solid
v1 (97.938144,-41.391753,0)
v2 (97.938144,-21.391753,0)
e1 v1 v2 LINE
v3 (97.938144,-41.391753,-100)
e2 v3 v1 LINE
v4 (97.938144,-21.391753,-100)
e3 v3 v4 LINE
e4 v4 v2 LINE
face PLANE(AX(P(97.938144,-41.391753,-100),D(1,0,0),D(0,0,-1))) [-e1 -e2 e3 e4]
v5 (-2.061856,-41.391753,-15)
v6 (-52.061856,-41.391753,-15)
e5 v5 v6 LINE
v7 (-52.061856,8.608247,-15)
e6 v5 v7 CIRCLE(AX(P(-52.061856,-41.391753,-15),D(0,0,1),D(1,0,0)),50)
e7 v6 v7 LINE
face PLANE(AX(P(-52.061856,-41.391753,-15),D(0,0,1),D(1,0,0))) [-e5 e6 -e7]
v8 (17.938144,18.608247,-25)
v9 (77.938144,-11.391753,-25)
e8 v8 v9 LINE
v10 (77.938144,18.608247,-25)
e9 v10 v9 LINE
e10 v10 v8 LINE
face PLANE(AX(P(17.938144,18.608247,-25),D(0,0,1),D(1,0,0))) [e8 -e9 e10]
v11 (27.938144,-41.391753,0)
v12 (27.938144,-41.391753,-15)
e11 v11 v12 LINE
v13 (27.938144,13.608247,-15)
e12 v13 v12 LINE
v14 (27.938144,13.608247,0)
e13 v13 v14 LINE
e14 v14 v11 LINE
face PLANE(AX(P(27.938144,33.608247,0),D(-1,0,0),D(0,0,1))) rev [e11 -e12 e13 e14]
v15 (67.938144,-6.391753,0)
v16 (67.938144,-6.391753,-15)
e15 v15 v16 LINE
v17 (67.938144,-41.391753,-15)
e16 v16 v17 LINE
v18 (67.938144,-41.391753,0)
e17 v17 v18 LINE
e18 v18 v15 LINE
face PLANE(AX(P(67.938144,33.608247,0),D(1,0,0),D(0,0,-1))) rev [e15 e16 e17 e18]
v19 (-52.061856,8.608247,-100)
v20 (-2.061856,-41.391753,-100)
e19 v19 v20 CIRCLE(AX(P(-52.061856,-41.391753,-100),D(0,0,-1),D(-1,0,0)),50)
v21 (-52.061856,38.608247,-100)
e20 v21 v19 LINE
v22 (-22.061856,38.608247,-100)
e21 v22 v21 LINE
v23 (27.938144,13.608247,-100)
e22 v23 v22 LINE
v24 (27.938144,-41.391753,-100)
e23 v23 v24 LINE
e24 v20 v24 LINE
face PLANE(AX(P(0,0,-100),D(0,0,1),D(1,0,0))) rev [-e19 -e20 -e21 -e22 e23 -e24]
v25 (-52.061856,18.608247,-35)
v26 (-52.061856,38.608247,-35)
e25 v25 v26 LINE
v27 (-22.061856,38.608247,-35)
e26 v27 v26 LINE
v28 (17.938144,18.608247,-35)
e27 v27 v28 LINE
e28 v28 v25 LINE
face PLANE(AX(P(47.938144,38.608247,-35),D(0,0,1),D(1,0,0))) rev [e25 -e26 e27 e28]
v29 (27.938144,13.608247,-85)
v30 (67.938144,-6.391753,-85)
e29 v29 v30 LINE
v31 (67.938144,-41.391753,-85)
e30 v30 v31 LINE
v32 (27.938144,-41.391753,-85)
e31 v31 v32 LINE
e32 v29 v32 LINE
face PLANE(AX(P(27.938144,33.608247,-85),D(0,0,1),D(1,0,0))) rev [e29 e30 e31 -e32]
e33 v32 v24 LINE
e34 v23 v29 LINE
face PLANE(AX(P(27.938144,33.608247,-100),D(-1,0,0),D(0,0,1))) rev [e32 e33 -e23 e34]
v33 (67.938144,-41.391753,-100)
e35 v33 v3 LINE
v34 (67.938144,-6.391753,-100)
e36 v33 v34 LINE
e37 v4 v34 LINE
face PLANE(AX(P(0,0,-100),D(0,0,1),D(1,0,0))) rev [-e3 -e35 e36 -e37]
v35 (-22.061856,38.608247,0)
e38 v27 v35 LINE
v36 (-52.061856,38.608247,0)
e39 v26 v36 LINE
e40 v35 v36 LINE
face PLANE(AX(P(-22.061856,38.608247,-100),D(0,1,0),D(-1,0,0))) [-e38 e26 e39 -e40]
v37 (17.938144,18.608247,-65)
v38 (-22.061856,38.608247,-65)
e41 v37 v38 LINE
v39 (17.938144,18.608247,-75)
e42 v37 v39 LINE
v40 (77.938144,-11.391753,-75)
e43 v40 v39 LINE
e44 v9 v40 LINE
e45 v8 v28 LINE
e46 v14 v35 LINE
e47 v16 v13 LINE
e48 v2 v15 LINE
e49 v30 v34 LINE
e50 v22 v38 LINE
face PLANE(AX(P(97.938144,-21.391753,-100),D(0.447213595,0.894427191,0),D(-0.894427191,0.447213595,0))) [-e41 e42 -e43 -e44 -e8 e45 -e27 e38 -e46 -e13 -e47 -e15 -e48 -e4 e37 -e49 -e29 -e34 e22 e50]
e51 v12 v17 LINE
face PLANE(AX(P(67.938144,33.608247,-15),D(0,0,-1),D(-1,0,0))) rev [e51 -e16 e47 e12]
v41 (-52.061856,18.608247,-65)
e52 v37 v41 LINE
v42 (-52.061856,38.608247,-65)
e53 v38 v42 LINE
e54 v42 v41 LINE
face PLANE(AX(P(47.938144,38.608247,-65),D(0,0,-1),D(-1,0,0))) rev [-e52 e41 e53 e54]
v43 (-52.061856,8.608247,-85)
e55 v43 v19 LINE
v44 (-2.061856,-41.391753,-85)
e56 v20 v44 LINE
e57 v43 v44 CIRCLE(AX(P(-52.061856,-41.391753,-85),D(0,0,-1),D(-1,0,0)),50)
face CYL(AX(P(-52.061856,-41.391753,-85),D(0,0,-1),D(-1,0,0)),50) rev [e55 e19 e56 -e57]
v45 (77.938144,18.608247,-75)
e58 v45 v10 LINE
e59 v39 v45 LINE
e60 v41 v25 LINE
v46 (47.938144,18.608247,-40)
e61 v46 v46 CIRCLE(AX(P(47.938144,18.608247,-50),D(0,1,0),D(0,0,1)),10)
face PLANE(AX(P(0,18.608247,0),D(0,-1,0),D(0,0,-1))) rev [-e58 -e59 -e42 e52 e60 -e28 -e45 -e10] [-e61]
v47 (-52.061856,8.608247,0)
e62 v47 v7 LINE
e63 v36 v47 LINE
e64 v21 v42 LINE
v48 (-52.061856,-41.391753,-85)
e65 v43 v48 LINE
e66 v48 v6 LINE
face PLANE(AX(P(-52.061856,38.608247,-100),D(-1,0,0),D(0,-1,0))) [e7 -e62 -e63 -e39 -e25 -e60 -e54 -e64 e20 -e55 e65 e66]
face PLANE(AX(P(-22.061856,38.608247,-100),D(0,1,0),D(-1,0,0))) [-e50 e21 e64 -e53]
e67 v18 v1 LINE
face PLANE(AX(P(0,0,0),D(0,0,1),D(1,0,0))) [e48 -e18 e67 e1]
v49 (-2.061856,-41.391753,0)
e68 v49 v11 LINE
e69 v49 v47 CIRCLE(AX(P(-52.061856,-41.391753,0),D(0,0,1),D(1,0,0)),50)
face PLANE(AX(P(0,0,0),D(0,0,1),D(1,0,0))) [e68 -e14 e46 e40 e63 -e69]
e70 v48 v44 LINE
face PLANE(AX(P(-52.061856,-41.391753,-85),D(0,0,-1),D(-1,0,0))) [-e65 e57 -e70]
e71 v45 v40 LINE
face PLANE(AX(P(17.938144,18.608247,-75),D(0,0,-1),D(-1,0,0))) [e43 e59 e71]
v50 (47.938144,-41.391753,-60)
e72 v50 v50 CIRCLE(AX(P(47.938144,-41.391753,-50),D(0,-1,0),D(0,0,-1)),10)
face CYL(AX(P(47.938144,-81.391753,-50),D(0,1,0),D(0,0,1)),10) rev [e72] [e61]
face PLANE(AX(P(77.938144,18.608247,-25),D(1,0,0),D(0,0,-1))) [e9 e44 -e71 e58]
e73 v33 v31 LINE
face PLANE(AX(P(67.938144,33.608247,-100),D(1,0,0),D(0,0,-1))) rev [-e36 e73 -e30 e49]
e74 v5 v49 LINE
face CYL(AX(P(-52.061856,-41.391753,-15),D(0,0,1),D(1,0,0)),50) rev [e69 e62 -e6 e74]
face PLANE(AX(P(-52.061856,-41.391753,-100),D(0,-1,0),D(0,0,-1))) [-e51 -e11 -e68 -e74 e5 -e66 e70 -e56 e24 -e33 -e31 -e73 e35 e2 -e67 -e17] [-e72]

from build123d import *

# Parameters (mm, degrees)
BOSS_EXTRUDE1_DEPTH = 100
SKETCH2_R           = 50
CUT_EXTRUDE1_DEPTH  = 15
SKETCH3_R           = 50
CUT_EXTRUDE2_DEPTH  = 15
SKETCH4_W           = 40
SKETCH4_H           = 15
CUT_EXTRUDE3_DEPTH  = 75
SKETCH5_W           = 60
SKETCH5_H           = 50
BOSS_EXTRUDE2_DEPTH = 60
SKETCH7_W           = 30
SKETCH7_H           = 20
CUT_EXTRUDE4_DEPTH  = 100
SKETCH8_R           = 10
CUT_EXTRUDE5_DEPTH  = 100


with BuildPart() as part:
    # Sketch1 → Boss-Extrude1 (new body)
    with BuildSketch(Plane.XY):
        Polygon((-52.06185567, 38.608247423), (-52.06185567, -41.391752577), (97.93814433, -41.391752577), (97.93814433, -21.391752577), (-22.06185567, 38.608247423), align=None)
    extrude(amount=-BOSS_EXTRUDE1_DEPTH)

    # Sketch2 → Cut-Extrude1 (cut)
    with BuildSketch(Plane.XY):
        with Locations((-52.06185567, -41.391752577)):
            Circle(SKETCH2_R)
    extrude(amount=-CUT_EXTRUDE1_DEPTH, mode=Mode.SUBTRACT)

    # Sketch3 → Cut-Extrude2 (cut)
    with BuildSketch(Plane(origin=(0, 0, -100), x_dir=(-1, 0, 0), z_dir=(0, 0, -1))):
        with Locations((52.06185567, -41.391752577)):
            Circle(SKETCH3_R)
    extrude(amount=-CUT_EXTRUDE2_DEPTH, mode=Mode.SUBTRACT)

    # Sketch4 → Cut-Extrude3 (cut)
    with BuildSketch(Plane.XZ.offset(41.391752577)):
        with Locations((47.93814433, -7.5)):
            Rectangle(SKETCH4_W, SKETCH4_H)
        with Locations((47.93814433, -92.5)):
            Rectangle(SKETCH4_W, SKETCH4_H)
    extrude(amount=-CUT_EXTRUDE3_DEPTH, mode=Mode.SUBTRACT)

    # Sketch5 → Boss-Extrude2 (add)
    with BuildSketch(Plane.XZ.offset(41.391752577)):
        with Locations((47.93814433, -50)):
            Rectangle(SKETCH5_W, SKETCH5_H)
    extrude(amount=-BOSS_EXTRUDE2_DEPTH)

    # Sketch7 → Cut-Extrude4 (cut)
    with BuildSketch(Plane.ZY.offset(52.06185567)):
        with Locations((-50, 28.608247423)):
            Rectangle(SKETCH7_W, SKETCH7_H)
    extrude(amount=-CUT_EXTRUDE4_DEPTH, mode=Mode.SUBTRACT)

    # Sketch8 → Cut-Extrude5 (cut)
    with BuildSketch(Plane(origin=(0, 18.608247423, 0), x_dir=(1, 0, 0), z_dir=(0, 1, 0))):
        with Locations((47.93814433, 50)):
            Circle(SKETCH8_R)
    extrude(amount=-CUT_EXTRUDE5_DEPTH, mode=Mode.SUBTRACT)


solid = part.part
